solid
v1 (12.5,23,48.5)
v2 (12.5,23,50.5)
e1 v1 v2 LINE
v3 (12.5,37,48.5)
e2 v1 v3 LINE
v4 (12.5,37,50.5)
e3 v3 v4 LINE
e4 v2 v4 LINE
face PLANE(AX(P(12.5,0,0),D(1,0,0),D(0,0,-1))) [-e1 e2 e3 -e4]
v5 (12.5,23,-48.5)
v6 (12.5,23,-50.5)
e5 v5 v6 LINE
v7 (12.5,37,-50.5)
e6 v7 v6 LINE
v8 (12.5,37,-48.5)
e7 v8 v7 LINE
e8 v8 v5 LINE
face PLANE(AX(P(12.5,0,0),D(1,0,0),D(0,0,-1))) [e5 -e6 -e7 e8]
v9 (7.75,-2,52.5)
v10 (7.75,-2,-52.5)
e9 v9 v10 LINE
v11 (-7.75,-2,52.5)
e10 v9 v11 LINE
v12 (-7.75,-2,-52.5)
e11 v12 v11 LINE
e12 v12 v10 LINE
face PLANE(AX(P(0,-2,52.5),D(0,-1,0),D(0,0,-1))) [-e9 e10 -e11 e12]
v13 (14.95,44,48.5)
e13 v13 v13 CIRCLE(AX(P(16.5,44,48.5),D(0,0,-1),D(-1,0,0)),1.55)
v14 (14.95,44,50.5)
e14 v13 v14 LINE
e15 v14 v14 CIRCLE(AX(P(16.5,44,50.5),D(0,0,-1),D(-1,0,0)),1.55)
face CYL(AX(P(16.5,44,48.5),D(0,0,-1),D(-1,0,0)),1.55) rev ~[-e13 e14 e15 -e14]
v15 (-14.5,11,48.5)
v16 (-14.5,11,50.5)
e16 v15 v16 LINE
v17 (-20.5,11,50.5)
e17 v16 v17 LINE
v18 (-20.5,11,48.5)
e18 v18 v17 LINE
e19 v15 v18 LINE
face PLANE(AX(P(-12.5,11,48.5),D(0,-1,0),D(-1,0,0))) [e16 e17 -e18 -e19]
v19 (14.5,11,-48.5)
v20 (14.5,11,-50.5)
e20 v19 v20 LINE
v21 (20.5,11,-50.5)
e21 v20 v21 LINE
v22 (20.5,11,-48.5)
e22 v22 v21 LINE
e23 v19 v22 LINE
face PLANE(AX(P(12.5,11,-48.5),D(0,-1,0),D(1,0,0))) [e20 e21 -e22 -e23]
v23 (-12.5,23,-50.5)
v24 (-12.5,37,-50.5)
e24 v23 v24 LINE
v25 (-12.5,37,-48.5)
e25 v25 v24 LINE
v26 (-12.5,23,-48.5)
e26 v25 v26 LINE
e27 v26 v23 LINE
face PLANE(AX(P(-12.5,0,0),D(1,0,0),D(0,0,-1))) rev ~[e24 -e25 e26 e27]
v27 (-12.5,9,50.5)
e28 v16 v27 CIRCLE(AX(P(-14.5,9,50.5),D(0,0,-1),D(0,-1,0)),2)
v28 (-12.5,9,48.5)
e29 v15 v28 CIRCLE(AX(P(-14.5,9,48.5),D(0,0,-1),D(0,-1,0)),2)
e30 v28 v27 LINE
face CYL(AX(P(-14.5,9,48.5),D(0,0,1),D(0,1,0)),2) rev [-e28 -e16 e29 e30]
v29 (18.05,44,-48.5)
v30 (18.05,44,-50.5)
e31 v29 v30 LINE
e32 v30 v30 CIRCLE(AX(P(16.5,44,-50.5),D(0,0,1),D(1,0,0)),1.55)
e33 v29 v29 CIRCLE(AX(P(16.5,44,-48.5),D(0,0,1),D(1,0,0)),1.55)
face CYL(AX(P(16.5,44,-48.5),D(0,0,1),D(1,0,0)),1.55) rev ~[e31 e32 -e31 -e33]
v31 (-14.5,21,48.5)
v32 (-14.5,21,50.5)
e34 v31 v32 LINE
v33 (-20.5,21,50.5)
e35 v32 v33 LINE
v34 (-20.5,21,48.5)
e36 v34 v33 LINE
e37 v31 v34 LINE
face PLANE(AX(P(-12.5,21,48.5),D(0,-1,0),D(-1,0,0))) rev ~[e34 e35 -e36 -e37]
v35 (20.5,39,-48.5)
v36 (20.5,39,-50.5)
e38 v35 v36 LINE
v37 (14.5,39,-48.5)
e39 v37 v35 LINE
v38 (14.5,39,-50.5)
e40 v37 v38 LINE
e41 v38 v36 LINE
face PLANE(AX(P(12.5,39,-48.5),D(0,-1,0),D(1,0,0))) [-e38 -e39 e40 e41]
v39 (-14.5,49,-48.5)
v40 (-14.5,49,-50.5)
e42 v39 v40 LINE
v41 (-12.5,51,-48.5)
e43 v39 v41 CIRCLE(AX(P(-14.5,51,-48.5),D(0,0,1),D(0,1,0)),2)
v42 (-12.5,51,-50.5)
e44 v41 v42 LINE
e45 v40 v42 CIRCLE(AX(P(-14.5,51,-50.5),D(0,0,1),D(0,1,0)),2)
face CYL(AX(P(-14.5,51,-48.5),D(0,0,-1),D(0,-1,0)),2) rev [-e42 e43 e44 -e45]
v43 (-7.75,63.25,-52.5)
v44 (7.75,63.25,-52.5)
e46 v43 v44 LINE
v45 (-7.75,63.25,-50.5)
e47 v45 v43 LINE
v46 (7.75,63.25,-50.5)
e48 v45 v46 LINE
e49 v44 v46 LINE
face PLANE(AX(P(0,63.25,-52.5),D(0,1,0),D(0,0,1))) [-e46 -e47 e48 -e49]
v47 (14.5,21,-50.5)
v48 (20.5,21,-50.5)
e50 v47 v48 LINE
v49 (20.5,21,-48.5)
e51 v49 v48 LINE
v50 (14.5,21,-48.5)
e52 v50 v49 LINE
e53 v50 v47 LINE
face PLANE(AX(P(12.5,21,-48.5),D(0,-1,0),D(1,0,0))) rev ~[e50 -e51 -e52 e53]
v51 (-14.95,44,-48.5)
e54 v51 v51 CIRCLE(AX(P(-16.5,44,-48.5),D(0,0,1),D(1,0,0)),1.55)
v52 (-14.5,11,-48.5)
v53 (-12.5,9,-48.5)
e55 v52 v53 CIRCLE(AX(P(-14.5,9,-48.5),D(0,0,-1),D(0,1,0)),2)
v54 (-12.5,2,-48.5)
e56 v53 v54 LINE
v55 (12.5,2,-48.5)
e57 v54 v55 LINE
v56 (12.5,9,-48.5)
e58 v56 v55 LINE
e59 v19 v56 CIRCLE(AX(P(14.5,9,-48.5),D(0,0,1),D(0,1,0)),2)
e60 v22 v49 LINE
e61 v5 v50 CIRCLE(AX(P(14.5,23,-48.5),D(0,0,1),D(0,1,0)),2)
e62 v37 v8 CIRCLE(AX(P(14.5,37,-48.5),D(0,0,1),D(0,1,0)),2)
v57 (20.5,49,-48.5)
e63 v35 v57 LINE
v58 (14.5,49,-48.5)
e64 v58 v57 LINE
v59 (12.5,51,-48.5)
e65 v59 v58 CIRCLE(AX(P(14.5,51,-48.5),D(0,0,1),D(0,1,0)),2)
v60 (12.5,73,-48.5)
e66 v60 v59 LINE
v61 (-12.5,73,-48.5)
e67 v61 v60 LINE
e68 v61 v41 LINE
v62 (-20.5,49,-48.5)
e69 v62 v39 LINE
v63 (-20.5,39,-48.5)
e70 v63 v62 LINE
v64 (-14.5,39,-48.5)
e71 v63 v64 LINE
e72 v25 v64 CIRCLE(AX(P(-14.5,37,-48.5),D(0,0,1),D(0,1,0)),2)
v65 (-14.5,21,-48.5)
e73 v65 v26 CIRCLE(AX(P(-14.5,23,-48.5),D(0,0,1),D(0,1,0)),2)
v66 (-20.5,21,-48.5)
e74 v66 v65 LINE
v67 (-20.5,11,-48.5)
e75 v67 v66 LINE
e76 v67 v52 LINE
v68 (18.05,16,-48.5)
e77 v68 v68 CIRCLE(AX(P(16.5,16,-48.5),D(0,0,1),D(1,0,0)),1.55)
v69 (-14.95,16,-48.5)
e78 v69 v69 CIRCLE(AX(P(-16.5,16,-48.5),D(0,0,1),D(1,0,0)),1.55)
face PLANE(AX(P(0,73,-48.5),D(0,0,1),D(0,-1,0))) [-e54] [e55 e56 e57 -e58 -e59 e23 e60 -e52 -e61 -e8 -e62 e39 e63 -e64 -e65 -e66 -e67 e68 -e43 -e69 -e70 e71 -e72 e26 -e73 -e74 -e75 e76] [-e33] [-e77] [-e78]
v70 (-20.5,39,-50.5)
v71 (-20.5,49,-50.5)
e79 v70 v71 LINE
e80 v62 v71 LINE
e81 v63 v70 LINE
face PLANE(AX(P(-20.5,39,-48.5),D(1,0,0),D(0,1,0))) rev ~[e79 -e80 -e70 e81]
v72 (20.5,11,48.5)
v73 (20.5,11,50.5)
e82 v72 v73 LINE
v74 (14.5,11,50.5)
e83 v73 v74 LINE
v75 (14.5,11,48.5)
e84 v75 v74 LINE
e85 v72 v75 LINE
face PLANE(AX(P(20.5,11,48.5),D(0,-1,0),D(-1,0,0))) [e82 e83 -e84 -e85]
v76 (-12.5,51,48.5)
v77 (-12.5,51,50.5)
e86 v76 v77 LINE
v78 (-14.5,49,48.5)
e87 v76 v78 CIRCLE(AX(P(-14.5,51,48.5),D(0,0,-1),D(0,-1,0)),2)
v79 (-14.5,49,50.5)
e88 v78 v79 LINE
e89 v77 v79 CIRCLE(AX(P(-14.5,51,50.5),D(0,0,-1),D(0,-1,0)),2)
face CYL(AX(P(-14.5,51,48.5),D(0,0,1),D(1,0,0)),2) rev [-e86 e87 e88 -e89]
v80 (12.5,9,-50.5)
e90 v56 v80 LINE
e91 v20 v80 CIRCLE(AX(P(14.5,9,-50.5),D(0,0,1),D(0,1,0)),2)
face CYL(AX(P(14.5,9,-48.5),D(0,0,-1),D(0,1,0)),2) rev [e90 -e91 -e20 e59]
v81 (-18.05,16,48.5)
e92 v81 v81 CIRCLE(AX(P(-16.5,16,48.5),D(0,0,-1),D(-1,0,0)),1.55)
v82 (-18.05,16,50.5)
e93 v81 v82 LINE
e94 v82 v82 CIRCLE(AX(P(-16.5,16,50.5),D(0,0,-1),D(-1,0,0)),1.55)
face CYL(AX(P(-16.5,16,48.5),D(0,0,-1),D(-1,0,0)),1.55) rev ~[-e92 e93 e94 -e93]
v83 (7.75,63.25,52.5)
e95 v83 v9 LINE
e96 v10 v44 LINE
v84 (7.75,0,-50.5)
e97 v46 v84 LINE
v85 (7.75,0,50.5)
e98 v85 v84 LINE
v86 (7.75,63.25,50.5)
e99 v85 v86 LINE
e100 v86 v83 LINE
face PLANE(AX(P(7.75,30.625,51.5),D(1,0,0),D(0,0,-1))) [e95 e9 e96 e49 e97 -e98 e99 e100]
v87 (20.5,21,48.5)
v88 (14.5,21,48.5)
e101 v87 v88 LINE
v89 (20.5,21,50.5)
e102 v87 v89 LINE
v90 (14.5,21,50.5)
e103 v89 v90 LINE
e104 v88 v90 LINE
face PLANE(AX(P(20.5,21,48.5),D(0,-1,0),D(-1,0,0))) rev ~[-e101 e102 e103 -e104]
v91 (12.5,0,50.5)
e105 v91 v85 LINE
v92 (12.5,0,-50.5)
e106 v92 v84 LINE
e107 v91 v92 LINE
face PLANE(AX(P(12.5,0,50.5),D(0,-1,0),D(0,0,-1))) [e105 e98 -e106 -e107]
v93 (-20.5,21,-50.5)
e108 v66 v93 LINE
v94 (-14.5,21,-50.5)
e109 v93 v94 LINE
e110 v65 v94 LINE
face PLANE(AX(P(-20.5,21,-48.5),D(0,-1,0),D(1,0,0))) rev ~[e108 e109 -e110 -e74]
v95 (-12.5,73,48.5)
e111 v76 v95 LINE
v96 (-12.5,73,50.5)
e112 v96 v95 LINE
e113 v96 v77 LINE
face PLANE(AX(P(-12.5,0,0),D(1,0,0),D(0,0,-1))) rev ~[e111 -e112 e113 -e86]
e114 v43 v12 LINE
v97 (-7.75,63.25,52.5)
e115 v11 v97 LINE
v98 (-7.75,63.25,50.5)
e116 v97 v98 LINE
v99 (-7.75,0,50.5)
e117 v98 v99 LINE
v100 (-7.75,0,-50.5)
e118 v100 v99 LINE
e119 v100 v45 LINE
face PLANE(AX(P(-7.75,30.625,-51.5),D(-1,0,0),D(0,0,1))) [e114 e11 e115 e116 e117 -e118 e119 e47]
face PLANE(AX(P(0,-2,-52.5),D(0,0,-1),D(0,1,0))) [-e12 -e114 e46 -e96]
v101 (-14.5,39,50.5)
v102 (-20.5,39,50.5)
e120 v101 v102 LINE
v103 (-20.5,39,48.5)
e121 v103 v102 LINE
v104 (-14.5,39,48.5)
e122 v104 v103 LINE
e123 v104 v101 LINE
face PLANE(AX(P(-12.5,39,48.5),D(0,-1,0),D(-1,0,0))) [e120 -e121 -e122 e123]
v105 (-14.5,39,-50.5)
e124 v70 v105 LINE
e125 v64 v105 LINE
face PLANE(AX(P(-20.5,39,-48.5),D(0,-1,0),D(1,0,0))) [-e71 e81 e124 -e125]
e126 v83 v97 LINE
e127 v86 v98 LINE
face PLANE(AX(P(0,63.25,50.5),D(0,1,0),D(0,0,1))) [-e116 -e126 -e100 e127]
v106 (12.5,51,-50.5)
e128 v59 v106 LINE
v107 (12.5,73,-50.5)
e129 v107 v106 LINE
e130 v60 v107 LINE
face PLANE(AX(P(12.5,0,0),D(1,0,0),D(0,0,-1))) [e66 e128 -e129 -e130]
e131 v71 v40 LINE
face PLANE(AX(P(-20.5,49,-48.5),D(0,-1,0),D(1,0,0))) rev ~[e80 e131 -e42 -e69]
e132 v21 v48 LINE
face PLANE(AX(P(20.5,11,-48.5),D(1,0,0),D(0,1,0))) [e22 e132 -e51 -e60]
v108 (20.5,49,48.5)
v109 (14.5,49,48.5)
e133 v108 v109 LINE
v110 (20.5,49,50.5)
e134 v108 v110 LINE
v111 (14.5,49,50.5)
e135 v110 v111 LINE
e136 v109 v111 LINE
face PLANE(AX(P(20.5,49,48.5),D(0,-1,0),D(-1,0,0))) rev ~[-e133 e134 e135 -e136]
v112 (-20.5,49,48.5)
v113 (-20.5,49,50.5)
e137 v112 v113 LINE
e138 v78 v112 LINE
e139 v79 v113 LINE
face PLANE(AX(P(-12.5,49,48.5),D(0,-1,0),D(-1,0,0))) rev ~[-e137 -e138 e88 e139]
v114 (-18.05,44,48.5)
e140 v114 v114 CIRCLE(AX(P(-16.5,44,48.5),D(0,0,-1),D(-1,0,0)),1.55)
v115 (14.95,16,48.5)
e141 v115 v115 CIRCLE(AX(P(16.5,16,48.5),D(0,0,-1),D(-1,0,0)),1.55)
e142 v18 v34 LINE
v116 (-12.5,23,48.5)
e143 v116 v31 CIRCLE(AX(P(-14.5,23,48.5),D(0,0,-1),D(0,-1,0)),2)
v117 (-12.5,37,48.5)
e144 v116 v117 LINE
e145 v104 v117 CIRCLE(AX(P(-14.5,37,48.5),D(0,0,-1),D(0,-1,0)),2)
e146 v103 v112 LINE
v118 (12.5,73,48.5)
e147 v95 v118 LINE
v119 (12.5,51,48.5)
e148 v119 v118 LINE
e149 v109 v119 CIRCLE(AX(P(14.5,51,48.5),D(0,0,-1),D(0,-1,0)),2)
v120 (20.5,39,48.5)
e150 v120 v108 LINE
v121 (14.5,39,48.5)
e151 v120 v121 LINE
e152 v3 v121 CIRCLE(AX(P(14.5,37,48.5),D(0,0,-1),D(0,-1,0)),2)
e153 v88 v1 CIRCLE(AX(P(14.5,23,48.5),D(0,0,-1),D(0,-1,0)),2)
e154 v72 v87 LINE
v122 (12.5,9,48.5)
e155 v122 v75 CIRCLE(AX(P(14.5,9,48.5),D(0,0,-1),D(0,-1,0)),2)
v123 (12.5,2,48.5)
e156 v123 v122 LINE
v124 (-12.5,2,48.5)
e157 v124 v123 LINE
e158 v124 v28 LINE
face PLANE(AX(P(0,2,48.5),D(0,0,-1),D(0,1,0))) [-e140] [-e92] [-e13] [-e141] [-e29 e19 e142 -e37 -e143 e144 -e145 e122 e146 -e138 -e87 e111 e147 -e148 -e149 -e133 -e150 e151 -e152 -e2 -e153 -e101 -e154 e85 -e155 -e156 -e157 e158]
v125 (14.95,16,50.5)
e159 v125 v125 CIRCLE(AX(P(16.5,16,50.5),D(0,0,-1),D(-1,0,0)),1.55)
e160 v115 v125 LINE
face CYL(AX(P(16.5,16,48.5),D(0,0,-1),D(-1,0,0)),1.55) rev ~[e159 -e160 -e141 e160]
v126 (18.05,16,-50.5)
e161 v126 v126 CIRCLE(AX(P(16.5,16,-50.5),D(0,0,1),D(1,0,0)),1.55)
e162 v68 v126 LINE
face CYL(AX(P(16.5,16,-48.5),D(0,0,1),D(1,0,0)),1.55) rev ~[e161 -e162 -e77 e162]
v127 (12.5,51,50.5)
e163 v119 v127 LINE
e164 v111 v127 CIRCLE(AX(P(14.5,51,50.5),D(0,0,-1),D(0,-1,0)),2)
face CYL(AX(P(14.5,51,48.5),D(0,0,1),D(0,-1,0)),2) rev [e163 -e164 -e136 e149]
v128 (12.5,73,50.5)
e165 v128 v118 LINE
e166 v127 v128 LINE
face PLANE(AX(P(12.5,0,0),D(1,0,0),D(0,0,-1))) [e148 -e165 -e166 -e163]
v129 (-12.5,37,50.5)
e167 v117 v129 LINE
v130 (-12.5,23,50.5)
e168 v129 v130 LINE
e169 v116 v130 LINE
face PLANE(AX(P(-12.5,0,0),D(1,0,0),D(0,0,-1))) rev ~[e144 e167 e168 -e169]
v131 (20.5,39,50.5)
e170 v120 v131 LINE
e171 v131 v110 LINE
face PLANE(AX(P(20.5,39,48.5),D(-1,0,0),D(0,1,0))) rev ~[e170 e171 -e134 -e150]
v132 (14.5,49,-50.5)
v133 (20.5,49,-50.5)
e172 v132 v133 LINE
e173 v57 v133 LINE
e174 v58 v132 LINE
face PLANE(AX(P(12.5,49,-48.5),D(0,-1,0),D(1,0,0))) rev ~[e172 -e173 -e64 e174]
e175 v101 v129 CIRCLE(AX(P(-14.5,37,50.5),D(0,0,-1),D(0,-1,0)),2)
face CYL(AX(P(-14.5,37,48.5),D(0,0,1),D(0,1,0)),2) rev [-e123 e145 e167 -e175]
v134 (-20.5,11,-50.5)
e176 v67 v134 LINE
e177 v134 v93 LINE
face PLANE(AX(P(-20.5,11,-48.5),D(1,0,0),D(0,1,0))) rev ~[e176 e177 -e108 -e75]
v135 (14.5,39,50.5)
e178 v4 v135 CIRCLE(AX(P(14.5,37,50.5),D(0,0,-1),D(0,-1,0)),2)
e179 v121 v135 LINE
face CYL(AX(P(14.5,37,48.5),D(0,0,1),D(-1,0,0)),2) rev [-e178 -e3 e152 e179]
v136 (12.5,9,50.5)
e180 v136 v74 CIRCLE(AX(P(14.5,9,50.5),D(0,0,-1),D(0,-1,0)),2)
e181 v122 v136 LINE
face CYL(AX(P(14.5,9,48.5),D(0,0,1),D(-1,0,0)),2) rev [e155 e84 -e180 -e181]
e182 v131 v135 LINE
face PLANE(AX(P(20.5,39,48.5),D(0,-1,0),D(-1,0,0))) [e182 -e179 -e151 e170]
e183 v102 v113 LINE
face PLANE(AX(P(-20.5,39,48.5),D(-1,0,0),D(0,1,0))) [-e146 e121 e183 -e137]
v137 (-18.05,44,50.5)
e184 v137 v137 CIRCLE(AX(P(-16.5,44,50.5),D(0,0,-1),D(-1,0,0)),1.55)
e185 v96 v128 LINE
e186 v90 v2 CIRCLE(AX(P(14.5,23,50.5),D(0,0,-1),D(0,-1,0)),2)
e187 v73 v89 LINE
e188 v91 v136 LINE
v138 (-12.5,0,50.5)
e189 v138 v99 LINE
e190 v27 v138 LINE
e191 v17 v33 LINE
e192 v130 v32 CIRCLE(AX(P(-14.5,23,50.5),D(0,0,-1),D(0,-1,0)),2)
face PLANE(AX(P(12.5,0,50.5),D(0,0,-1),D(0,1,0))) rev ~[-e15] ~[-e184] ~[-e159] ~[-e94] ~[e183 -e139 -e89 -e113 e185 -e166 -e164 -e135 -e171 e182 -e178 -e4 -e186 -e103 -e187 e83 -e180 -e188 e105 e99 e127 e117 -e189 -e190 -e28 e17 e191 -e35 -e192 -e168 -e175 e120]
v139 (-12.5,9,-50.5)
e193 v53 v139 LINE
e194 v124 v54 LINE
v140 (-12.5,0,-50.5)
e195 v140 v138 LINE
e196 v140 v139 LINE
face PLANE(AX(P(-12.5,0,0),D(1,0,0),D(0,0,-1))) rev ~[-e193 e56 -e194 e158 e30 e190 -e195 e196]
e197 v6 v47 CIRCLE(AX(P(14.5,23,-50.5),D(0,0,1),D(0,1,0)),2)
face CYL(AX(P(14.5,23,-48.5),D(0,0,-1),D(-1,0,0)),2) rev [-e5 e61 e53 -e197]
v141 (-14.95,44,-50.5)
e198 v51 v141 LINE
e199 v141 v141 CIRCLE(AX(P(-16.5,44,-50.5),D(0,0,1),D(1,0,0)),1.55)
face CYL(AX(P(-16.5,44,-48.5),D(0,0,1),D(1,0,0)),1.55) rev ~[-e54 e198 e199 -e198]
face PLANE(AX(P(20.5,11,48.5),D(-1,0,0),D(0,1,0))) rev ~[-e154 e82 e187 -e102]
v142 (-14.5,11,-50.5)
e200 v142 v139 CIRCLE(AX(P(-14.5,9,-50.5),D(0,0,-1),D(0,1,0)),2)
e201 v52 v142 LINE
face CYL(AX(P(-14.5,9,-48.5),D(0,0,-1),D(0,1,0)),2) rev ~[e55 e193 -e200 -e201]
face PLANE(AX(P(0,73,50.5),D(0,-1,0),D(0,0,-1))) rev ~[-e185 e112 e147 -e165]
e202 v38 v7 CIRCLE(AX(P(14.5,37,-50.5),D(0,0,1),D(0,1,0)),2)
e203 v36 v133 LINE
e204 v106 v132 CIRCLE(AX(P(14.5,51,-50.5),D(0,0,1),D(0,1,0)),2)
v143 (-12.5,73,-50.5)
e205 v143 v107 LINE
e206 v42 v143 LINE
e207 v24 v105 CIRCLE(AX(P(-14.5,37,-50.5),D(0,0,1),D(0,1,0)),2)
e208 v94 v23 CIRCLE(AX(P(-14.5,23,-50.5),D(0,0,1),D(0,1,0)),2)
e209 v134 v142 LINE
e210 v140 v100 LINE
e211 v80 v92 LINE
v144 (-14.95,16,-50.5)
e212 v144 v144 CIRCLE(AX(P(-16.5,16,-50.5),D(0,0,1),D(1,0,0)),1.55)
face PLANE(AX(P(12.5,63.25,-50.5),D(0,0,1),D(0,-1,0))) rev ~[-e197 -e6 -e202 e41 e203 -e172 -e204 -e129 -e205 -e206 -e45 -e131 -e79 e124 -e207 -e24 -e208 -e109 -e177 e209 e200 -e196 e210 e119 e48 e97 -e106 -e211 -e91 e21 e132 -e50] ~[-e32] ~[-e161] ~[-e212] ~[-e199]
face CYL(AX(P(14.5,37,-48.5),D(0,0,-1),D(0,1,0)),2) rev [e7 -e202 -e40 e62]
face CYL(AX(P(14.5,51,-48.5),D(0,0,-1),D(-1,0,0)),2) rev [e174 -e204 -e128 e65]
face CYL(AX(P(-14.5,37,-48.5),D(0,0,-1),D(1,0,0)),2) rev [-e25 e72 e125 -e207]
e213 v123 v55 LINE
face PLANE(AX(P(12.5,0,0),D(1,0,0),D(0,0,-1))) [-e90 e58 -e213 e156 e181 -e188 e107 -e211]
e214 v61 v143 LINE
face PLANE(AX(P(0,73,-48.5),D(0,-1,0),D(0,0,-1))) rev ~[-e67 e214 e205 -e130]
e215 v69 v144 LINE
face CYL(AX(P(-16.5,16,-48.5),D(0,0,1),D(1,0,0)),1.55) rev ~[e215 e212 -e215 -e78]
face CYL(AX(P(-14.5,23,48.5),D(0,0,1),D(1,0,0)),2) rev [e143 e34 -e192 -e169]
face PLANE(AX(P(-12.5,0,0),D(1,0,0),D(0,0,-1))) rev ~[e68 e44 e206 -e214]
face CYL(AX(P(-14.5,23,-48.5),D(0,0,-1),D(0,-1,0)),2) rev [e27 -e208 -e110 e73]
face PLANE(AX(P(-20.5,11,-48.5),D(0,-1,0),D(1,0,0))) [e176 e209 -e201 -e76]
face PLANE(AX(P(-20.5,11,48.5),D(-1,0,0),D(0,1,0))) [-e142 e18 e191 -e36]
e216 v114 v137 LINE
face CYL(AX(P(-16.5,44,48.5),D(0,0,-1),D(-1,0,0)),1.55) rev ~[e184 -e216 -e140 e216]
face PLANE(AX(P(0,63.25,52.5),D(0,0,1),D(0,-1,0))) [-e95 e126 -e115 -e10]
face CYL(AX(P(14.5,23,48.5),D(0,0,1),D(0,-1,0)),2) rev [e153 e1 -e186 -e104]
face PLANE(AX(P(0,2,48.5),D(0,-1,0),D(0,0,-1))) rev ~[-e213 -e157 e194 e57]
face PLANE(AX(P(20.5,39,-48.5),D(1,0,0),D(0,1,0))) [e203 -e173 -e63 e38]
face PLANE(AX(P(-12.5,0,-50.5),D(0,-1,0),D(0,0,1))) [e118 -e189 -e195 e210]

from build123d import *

# Parameters (mm, degrees)
SKETCH1_W           = 105
SKETCH1_H           = 4
SKETCH1_W_2         = 2
SKETCH1_H_2         = 9.75
BOSS_EXTRUDE1_DEPTH = 12.5
SKETCH2_W           = 8
SKETCH2_H           = 10
SKETCH2_R           = 1.55
BOSS_EXTRUDE2_DEPTH = 2
SKETCH4_W           = 8
SKETCH4_H           = 10
SKETCH4_R           = 1.55
BOSS_EXTRUDE3_DEPTH = 2
SKETCH5_W           = 101
SKETCH5_H           = 2
CUT_EXTRUDE1_DEPTH  = 4.75
SKETCH6_W           = 101
SKETCH6_H           = 2
CUT_EXTRUDE2_DEPTH  = 4.75
FILLET1_R           = 2


with BuildPart() as part:
    # Sketch1 → Boss-Extrude1 (new body, symmetric)
    with BuildSketch(Plane(origin=(0, 0, 0), x_dir=(0, 0, -1), z_dir=(1, 0, 0))):
        Rectangle(SKETCH1_W, SKETCH1_H)
        Polygon((-52.5, 63.25), (-52.5, 2), (-48.5, 2), (-48.5, 63.25), (-50.5, 63.25), align=None)
        Polygon((48.5, 63.25), (48.5, 2), (52.5, 2), (52.5, 63.25), (50.5, 63.25), align=None)
        with Locations((-49.5, 68.125)):
            Rectangle(SKETCH1_W_2, SKETCH1_H_2)
        with Locations((49.5, 68.125)):
            Rectangle(SKETCH1_W_2, SKETCH1_H_2)
    extrude(amount=BOSS_EXTRUDE1_DEPTH, both=True)

    # Sketch2 → Boss-Extrude2 (add)
    with BuildSketch(Plane.XY.offset(-48.5)):
        with Locations((-16.5, 16)):
            Rectangle(SKETCH2_W, SKETCH2_H)
        with Locations((-16.5, 16)):
            Circle(SKETCH2_R, mode=Mode.SUBTRACT)
        with Locations((-16.5, 44)):
            Rectangle(SKETCH2_W, SKETCH2_H)
        with Locations((-16.5, 44)):
            Circle(SKETCH2_R, mode=Mode.SUBTRACT)
        with Locations((16.5, 16)):
            Rectangle(SKETCH2_W, SKETCH2_H)
        with Locations((16.5, 16)):
            Circle(SKETCH2_R, mode=Mode.SUBTRACT)
        with Locations((16.5, 44)):
            Rectangle(SKETCH2_W, SKETCH2_H)
        with Locations((16.5, 44)):
            Circle(SKETCH2_R, mode=Mode.SUBTRACT)
    extrude(amount=-BOSS_EXTRUDE2_DEPTH)

    # Sketch4 → Boss-Extrude3 (add)
    with BuildSketch(Plane(origin=(0, 0, 48.5), x_dir=(-1, 0, 0), z_dir=(0, 0, -1))):
        with Locations((-16.5, 16)):
            Rectangle(SKETCH4_W, SKETCH4_H)
        with Locations((-16.5, 16)):
            Circle(SKETCH4_R, mode=Mode.SUBTRACT)
        with Locations((-16.5, 44)):
            Rectangle(SKETCH4_W, SKETCH4_H)
        with Locations((-16.5, 44)):
            Circle(SKETCH4_R, mode=Mode.SUBTRACT)
        with Locations((16.5, 16)):
            Rectangle(SKETCH4_W, SKETCH4_H)
        with Locations((16.5, 16)):
            Circle(SKETCH4_R, mode=Mode.SUBTRACT)
        with Locations((16.5, 44)):
            Rectangle(SKETCH4_W, SKETCH4_H)
        with Locations((16.5, 44)):
            Circle(SKETCH4_R, mode=Mode.SUBTRACT)
    extrude(amount=-BOSS_EXTRUDE3_DEPTH)

    # Sketch5 → Cut-Extrude1 (cut)
    with BuildSketch(Plane.ZY.offset(12.5)):
        Polygon((-50.5, 63.25), (-52.5, 63.25), (-52.5, -2), (-50.5, -2), (-50.5, 0), (-50.5, 11), (-50.5, 21), (-50.5, 39), (-50.5, 49), align=None)
        with Locations((0, -1)):
            Rectangle(SKETCH5_W, SKETCH5_H)
        Polygon((50.5, 0), (50.5, -2), (52.5, -2), (52.5, 63.25), (50.5, 63.25), (50.5, 49), (50.5, 39), (50.5, 21), (50.5, 11), align=None)
    extrude(amount=-CUT_EXTRUDE1_DEPTH, mode=Mode.SUBTRACT)

    # Sketch6 → Cut-Extrude2 (cut)
    with BuildSketch(Plane(origin=(12.5, 0, 0), x_dir=(0, 0, -1), z_dir=(1, 0, 0))):
        Polygon((-50.5, 0), (-50.5, 63.25), (-52.5, 63.25), (-52.5, -2), (-50.5, -2), align=None)
        with Locations((0, -1)):
            Rectangle(SKETCH6_W, SKETCH6_H)
        Polygon((50.5, 63.25), (50.5, 0), (50.5, -2), (52.5, -2), (52.5, 63.25), align=None)
    extrude(amount=-CUT_EXTRUDE2_DEPTH, mode=Mode.SUBTRACT)

    # Fillet1
    fillet1_edges = [part.edges().sort_by_distance(p)[0] for p in [
        (12.5, 21, 49.5),
        (12.5, 11, 49.5),
        (12.5, 49, 49.5),
        (12.5, 39, 49.5),
        (-12.5, 11, 49.5),
        (-12.5, 21, 49.5),
        (-12.5, 39, 49.5),
        (-12.5, 49, 49.5),
        (-12.5, 21, -49.5),
        (-12.5, 11, -49.5),
        (-12.5, 49, -49.5),
        (-12.5, 39, -49.5),
        (12.5, 11, -49.5),
        (12.5, 21, -49.5),
        (12.5, 39, -49.5),
        (12.5, 49, -49.5),
    ]]
    fillet(fillet1_edges, radius=FILLET1_R)


solid = part.part
